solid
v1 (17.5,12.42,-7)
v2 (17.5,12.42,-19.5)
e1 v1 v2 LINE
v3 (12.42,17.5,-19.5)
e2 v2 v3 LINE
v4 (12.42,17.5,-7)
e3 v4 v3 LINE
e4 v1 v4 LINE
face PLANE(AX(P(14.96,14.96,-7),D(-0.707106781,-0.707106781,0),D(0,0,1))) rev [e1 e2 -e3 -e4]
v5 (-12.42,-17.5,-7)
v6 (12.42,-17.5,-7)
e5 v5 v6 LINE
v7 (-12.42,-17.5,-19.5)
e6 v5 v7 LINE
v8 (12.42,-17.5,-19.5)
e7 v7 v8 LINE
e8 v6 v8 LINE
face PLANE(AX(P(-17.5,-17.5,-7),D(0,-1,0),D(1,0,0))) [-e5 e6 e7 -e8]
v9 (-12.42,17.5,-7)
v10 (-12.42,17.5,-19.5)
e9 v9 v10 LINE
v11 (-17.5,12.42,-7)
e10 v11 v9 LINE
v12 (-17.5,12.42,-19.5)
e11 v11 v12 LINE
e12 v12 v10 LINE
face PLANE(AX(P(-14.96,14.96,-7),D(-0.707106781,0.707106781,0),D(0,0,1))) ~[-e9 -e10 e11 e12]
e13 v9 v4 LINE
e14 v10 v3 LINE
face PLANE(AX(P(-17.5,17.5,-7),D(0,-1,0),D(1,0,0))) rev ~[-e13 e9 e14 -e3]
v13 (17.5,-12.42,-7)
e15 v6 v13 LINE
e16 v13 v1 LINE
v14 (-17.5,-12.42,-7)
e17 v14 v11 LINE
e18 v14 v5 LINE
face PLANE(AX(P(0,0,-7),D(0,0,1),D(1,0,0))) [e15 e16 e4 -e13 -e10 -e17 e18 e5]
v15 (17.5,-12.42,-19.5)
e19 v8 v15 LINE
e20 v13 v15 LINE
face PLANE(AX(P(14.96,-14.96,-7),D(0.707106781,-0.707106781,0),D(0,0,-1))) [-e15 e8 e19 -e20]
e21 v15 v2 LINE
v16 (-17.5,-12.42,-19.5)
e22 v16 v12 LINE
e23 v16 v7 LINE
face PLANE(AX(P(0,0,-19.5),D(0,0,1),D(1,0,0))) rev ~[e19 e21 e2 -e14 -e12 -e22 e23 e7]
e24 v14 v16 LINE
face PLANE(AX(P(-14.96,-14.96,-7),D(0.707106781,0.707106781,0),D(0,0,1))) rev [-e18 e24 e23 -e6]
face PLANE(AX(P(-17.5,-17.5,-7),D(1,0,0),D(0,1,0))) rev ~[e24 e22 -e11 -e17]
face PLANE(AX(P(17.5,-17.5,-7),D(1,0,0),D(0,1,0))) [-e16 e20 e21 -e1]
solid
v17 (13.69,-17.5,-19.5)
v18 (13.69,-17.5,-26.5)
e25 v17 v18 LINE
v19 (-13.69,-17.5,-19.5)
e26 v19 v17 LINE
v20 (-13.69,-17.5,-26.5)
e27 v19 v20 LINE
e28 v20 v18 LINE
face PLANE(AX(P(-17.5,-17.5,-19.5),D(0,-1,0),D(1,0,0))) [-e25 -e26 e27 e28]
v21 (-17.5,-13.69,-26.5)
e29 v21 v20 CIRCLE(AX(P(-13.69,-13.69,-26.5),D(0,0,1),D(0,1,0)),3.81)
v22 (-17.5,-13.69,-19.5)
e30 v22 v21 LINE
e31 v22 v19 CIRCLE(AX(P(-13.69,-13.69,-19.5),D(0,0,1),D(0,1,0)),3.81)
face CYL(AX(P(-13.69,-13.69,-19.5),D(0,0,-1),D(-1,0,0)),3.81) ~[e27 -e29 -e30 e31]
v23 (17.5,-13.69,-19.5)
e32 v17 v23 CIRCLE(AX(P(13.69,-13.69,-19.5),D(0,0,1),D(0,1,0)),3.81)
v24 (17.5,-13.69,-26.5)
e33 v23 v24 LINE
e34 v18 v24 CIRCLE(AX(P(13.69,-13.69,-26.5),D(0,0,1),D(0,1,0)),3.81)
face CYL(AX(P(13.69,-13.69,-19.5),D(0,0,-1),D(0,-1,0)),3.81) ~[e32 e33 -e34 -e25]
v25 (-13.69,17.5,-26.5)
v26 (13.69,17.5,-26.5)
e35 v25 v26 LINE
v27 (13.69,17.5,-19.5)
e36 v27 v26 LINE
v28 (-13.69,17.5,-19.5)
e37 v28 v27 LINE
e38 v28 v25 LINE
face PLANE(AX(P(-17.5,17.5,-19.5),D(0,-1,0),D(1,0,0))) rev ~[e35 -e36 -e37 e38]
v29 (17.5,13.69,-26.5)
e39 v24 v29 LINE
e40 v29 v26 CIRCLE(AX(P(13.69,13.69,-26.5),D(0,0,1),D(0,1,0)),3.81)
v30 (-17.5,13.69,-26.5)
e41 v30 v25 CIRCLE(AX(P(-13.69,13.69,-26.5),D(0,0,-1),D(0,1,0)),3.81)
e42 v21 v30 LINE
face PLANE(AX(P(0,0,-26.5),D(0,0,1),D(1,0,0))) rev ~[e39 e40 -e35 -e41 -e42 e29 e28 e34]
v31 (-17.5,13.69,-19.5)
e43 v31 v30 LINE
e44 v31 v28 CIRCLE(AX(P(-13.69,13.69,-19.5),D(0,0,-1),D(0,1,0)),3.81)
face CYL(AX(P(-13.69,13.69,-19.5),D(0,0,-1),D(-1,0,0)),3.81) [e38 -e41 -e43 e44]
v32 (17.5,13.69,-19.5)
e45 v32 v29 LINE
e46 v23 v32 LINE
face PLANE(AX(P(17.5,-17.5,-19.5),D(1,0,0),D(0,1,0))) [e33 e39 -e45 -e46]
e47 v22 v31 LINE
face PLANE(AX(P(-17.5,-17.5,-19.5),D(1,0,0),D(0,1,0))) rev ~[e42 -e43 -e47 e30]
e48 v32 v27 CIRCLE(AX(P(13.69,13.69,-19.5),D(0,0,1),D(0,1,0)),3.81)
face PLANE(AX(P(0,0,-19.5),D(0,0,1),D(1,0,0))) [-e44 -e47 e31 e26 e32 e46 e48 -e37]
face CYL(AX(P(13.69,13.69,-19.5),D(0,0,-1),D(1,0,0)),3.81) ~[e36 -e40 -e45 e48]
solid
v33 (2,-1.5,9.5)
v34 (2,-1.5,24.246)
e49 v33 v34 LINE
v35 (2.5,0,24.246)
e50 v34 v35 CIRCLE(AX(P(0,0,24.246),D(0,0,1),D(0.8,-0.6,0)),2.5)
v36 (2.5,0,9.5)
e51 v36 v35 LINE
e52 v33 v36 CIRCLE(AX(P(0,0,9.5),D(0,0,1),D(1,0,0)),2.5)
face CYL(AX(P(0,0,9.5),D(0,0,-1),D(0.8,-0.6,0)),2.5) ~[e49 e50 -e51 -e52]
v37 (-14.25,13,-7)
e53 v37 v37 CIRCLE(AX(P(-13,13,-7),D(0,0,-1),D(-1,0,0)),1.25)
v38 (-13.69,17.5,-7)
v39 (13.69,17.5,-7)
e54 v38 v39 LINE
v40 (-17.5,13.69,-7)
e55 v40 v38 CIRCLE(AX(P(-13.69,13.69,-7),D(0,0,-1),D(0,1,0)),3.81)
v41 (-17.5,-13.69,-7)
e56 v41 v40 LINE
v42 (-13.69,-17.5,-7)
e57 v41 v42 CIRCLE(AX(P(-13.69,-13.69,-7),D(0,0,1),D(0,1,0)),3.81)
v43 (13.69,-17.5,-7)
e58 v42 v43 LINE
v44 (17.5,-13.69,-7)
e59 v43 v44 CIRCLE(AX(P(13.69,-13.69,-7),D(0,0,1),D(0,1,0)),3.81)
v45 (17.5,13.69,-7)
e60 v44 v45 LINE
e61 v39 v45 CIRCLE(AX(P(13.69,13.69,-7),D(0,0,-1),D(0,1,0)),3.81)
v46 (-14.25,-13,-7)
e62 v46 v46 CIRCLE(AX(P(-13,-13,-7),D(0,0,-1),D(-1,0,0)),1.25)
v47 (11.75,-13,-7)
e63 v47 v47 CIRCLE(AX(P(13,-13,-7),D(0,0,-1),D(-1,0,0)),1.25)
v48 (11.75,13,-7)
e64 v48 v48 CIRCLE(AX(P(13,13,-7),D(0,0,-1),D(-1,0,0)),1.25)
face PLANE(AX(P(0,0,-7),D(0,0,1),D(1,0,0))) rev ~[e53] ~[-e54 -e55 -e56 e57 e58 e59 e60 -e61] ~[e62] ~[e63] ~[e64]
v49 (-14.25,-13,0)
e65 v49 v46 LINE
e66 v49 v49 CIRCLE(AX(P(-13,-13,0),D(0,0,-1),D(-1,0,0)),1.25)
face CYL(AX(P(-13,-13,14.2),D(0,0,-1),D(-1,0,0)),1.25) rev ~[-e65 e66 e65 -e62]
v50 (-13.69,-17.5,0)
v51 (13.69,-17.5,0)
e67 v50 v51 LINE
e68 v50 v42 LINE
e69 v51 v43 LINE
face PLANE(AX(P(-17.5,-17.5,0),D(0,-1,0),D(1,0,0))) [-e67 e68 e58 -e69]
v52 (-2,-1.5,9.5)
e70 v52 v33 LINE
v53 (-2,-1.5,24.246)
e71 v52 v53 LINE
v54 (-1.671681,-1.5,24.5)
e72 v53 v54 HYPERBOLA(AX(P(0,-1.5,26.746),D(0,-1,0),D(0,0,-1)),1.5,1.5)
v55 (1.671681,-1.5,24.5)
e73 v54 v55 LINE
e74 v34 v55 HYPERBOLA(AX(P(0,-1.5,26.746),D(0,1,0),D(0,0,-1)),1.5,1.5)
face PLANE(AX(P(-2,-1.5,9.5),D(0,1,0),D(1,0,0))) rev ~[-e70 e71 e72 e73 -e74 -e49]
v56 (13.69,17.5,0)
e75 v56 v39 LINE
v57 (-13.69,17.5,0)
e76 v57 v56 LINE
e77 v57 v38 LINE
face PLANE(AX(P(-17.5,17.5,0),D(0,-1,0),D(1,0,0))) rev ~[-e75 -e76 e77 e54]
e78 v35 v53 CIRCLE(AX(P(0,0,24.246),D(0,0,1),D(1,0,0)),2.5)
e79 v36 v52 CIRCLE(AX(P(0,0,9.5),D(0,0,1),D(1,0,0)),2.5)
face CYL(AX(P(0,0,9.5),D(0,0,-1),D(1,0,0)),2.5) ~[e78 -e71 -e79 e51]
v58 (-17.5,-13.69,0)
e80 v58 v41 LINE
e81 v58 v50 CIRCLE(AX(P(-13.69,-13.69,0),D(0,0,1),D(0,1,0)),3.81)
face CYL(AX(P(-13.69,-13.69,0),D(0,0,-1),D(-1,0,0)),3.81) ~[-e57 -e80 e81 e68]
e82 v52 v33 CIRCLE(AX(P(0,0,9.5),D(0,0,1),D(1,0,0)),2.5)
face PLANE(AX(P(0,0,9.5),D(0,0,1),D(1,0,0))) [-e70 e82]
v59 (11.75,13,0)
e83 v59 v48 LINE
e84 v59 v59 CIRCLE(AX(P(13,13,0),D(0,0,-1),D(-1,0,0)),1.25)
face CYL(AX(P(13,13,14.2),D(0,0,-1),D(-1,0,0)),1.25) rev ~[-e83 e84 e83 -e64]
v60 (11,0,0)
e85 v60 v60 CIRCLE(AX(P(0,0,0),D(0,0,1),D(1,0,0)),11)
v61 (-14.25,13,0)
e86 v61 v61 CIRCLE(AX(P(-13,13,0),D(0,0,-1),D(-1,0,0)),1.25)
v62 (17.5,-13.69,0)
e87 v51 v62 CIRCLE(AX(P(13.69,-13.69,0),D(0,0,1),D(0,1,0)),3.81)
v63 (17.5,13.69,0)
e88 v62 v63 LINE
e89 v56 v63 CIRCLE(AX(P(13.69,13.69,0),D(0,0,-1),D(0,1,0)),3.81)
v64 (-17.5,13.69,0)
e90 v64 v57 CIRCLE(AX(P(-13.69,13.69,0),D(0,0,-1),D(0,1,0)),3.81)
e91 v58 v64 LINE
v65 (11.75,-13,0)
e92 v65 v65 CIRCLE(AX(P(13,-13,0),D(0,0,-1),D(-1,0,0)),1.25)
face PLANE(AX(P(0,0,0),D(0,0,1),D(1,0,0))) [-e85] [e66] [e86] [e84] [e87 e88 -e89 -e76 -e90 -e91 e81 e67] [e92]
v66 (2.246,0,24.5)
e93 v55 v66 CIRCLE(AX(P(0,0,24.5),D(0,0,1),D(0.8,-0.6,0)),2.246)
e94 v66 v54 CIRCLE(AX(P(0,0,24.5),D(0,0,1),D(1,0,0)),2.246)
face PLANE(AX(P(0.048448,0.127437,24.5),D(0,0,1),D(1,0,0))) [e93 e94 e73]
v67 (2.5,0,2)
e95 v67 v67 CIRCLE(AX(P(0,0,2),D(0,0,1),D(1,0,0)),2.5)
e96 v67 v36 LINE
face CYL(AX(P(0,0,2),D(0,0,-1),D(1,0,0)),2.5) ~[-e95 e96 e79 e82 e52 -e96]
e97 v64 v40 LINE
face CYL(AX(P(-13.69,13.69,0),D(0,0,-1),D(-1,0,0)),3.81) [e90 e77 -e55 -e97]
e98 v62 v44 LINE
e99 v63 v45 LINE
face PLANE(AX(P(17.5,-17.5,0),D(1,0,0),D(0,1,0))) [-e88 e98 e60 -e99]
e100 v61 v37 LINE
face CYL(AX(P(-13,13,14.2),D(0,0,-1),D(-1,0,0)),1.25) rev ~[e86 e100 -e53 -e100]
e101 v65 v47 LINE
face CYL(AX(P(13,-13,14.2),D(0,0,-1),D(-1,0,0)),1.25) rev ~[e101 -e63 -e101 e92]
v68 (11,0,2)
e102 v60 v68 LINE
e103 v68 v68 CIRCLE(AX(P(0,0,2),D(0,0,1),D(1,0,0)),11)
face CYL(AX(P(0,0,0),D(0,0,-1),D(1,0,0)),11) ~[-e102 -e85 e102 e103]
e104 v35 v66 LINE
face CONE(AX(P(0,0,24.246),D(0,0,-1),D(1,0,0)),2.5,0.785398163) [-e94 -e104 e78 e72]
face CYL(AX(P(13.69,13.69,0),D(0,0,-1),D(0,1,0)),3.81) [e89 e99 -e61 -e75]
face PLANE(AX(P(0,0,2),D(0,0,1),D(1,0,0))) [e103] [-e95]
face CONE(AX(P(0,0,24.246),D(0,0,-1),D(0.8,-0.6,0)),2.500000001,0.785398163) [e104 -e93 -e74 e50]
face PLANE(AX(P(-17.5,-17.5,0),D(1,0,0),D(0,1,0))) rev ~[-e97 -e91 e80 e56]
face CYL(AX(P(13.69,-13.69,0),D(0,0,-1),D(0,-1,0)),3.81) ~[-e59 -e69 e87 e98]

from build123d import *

# Parameters (mm, degrees)
F0_R      = 11
F1_DEPTH  = 2
F0_W      = 35
F0_H      = 35
F2_DEPTH  = 7
F3_DEPTH  = 12.5
F4_DEPTH  = 7
F5_SIZE   = 5.08
F6_R      = 3.81
F6_2_R    = 3.81
F7_D      = 2.5
F7_DEPTH  = 14.2
F7_TIP    = 0.7510757738
F8_R      = 2.5
F9_DEPTH  = 7.5
F11_DEPTH = 15
F12_SIZE  = 0.254


with BuildPart() as f1:
    # F0 (on Top) → F1 (new body)
    with BuildSketch(Plane.XY):
        Circle(F0_R)
    extrude(amount=F1_DEPTH)

    # F0 (on Top) → F2 (join)
    with BuildSketch(Plane.XY):
        Rectangle(F0_W, F0_H)
        Circle(F0_R, mode=Mode.SUBTRACT)
        Circle(F0_R)
    extrude(amount=-F2_DEPTH)


with BuildPart() as f3:
    # F3 (new): a face of the model
    f3_faces = [f1.part.faces().sort_by_distance(p)[0] for p in [
        (0, 0, -7),
    ]]
    extrude(f3_faces, amount=F3_DEPTH)


with BuildPart() as f4:
    # F4 (new): a face of the model
    f4_faces = [f3.part.faces().sort_by_distance(p)[0] for p in [
        (0, 0, -19.5),
    ]]
    extrude(f4_faces, amount=F4_DEPTH)

    # F6#2
    f6_2_edges = [f4.edges().sort_by_distance(p)[0] for p in [
        (17.5, 17.5, -23),
        (17.5, -17.5, -23),
        (-17.5, -17.5, -23),
        (-17.5, 17.5, -23),
    ]]
    fillet(f6_2_edges, radius=F6_2_R)


with BuildPart() as f3_1:
    add(f3.part)

    # F5
    f5_edges = [f3_1.edges().sort_by_distance(p)[0] for p in [
        (-17.5, -17.5, -13.25),
        (17.5, -17.5, -13.25),
        (-17.5, 17.5, -13.25),
        (17.5, 17.5, -13.25),
    ]]
    chamfer(f5_edges, length=F5_SIZE)


with BuildPart() as f1_1:
    add(f1.part)

    # F6
    f6_edges = [f1_1.edges().sort_by_distance(p)[0] for p in [
        (17.5, 17.5, -3.5),
        (17.5, -17.5, -3.5),
        (-17.5, -17.5, -3.5),
        (-17.5, 17.5, -3.5),
    ]]
    fillet(f6_edges, radius=F6_R)

    # F7
    with Locations(Plane.XY):
        with Locations((-13, 13), (13, 13), (13, -13), (-13, -13)):
            Hole(F7_D / 2, depth=F7_DEPTH)
            with Locations((0, 0, -(F7_DEPTH + F7_TIP / 2))):  # 118° drill point
                Cone(0, F7_D / 2, F7_TIP, mode=Mode.SUBTRACT)

    # F8 (on face) → F9 (join)
    with BuildSketch(Plane.XY.offset(2)):
        Circle(F8_R)
    extrude(amount=F9_DEPTH)

    # F10 (on face) → F11 (join)
    with BuildSketch(Plane.XY.offset(9.5)):
        with BuildLine():
            Line((-2, -1.5), (2, -1.5))
            ThreePointArc((2, -1.5), (2.3717082451, -0.790569415), (2.5, 0))
            ThreePointArc((2.5, 0), (-0.790569415, 2.3717082451), (-2, -1.5))
        make_face()
    extrude(amount=F11_DEPTH)

    # F12
    f12_edges = [f1_1.edges().sort_by_distance(p)[0] for p in [
        (0, 2.5, 24.5),
    ]]
    chamfer(f12_edges, length=F12_SIZE)


solid = Compound([f4.part, f3_1.part, f1_1.part])
